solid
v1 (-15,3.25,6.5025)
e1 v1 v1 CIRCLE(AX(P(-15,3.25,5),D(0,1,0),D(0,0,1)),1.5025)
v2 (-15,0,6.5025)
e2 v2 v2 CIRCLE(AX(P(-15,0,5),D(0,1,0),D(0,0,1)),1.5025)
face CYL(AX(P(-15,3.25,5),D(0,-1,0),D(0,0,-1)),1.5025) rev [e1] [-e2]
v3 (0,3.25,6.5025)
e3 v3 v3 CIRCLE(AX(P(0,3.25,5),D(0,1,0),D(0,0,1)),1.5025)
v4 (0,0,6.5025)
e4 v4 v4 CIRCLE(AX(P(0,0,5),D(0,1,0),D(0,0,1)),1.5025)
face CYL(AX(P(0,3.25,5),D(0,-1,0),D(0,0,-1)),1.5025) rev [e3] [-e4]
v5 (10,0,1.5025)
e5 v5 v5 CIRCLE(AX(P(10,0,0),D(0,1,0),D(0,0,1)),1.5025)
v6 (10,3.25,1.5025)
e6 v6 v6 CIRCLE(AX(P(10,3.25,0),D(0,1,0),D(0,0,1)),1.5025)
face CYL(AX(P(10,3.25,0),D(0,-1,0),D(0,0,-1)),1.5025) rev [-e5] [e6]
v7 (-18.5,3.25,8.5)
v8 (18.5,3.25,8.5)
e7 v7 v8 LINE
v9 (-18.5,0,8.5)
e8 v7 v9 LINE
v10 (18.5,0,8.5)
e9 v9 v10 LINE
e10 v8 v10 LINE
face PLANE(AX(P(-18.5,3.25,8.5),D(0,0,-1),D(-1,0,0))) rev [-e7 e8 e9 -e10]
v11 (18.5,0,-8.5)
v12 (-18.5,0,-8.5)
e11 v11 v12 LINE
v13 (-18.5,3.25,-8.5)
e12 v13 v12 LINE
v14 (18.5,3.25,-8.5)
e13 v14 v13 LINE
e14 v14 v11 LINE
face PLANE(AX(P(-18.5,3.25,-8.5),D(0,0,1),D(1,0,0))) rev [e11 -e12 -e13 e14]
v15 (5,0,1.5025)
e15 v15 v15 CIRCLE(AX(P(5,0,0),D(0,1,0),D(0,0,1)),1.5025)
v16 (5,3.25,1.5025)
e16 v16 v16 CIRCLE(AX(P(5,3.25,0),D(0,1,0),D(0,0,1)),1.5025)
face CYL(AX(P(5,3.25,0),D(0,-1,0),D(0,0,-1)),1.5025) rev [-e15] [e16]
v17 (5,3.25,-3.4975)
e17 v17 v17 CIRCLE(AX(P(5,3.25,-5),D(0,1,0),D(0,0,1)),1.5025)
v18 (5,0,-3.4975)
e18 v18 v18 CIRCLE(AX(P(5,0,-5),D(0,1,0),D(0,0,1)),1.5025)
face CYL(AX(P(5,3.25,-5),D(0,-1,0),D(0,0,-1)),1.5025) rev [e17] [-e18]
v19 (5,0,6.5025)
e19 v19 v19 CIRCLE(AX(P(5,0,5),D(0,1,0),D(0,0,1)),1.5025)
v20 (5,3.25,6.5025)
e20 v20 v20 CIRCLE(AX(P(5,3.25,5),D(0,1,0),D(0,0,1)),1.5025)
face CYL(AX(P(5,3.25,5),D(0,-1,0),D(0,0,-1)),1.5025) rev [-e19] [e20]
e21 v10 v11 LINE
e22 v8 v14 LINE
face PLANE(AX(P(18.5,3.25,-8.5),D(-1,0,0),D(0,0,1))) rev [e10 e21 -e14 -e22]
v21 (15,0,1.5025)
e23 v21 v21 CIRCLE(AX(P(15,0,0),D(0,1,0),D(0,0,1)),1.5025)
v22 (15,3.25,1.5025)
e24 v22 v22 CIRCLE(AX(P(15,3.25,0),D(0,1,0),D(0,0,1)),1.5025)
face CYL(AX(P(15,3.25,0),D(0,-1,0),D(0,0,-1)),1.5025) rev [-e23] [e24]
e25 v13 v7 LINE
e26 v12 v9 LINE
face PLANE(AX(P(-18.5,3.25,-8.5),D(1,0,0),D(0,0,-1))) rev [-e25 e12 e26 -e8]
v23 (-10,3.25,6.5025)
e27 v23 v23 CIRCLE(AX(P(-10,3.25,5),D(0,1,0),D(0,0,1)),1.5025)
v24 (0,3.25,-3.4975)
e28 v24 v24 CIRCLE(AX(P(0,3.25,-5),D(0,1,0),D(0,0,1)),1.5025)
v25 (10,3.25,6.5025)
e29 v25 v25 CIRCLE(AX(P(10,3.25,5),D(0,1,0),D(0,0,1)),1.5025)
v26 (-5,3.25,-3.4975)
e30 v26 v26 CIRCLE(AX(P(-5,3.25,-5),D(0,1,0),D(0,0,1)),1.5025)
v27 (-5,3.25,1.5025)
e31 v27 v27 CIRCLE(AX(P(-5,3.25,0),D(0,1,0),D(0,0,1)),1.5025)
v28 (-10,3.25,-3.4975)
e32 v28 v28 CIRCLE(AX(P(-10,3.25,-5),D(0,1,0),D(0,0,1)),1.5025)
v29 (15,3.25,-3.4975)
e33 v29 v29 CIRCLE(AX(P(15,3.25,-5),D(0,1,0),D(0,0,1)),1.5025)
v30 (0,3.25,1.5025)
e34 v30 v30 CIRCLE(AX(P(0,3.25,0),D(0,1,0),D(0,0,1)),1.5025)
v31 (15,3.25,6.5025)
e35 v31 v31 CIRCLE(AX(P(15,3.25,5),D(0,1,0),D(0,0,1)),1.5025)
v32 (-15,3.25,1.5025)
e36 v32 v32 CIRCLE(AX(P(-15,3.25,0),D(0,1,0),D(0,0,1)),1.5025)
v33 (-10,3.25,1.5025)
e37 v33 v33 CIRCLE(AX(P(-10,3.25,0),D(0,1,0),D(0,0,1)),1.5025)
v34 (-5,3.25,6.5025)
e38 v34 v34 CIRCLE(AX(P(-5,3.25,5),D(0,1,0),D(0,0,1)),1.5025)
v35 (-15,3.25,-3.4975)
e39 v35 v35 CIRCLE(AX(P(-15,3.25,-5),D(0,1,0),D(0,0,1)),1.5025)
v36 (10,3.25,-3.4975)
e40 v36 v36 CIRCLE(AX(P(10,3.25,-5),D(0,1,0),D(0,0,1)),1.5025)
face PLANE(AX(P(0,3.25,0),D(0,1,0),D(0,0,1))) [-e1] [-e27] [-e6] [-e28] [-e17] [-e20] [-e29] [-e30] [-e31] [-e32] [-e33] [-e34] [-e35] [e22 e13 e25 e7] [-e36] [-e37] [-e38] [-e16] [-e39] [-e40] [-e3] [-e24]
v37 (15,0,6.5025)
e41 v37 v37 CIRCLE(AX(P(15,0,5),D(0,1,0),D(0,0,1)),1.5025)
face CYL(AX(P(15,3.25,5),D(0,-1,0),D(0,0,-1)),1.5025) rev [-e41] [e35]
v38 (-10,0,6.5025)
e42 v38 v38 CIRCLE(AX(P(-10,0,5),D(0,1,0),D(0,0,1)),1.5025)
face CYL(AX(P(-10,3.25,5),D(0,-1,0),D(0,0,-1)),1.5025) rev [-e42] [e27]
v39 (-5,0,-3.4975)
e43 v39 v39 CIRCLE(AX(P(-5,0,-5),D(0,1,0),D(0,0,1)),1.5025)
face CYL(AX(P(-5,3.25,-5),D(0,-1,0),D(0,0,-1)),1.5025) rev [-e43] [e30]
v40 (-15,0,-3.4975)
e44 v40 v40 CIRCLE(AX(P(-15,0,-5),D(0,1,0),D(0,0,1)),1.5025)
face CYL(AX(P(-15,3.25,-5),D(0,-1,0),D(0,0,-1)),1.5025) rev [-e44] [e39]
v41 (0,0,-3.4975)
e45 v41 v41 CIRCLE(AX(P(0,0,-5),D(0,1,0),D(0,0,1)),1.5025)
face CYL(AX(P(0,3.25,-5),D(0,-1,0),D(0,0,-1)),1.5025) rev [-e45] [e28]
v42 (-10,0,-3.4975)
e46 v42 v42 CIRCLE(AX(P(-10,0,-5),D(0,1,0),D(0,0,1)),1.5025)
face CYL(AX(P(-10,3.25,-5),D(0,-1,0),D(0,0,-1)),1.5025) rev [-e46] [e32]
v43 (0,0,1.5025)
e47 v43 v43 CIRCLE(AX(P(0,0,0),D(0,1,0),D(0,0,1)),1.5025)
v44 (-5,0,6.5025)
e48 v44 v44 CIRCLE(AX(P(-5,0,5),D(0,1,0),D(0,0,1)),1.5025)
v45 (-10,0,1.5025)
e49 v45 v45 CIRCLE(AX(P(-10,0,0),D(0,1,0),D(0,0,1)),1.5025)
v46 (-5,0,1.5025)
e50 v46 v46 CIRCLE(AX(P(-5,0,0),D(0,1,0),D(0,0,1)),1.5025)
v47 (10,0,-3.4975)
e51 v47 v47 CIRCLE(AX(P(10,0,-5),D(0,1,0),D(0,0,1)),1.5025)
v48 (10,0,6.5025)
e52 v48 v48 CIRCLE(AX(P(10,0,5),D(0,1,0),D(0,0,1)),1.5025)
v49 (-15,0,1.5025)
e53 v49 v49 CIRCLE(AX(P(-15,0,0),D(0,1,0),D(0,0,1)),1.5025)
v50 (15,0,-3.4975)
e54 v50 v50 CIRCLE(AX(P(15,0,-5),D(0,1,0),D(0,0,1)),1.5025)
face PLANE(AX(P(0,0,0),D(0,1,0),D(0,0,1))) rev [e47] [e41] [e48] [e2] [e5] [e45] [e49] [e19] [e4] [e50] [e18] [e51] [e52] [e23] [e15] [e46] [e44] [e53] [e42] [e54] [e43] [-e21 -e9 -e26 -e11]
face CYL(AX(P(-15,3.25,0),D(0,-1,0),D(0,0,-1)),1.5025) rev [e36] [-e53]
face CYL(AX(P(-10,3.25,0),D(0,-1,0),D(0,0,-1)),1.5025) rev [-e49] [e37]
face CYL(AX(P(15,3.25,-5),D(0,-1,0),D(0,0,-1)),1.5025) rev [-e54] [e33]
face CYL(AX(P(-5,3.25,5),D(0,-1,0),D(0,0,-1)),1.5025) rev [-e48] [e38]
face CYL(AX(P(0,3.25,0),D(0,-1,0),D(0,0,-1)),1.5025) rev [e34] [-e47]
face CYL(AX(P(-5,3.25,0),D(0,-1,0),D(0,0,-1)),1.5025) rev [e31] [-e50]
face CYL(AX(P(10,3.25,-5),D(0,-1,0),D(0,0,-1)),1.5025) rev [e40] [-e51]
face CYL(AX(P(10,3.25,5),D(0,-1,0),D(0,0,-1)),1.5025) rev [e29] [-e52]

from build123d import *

# Parameters (mm, degrees)
SKETCH1_W           = 37
SKETCH1_H           = 17
SKETCH1_R           = 1.5025
BOSS_EXTRUDE1_DEPTH = 3.25


with BuildPart() as part:
    # Sketch1 → Boss-Extrude1 (new body)
    with BuildSketch(Plane(origin=(0, 0, 0), x_dir=(1, 0, 0), z_dir=(0, 1, 0))):
        Rectangle(SKETCH1_W, SKETCH1_H)
        with Locations((-15, -5)):
            Circle(SKETCH1_R, mode=Mode.SUBTRACT)
        with Locations((-10, -5)):
            Circle(SKETCH1_R, mode=Mode.SUBTRACT)
        with Locations((-5, -5)):
            Circle(SKETCH1_R, mode=Mode.SUBTRACT)
        with Locations((0, -5)):
            Circle(SKETCH1_R, mode=Mode.SUBTRACT)
        with Locations((5, -5)):
            Circle(SKETCH1_R, mode=Mode.SUBTRACT)
        with Locations((10, -5)):
            Circle(SKETCH1_R, mode=Mode.SUBTRACT)
        with Locations((15, -5)):
            Circle(SKETCH1_R, mode=Mode.SUBTRACT)
        with Locations((-10, 0)):
            Circle(SKETCH1_R, mode=Mode.SUBTRACT)
        with Locations((-5, 0)):
            Circle(SKETCH1_R, mode=Mode.SUBTRACT)
        Circle(SKETCH1_R, mode=Mode.SUBTRACT)
        with Locations((5, 0)):
            Circle(SKETCH1_R, mode=Mode.SUBTRACT)
        with Locations((10, 0)):
            Circle(SKETCH1_R, mode=Mode.SUBTRACT)
        with Locations((15, 0)):
            Circle(SKETCH1_R, mode=Mode.SUBTRACT)
        with Locations((-10, 5)):
            Circle(SKETCH1_R, mode=Mode.SUBTRACT)
        with Locations((-5, 5)):
            Circle(SKETCH1_R, mode=Mode.SUBTRACT)
        with Locations((0, 5)):
            Circle(SKETCH1_R, mode=Mode.SUBTRACT)
        with Locations((5, 5)):
            Circle(SKETCH1_R, mode=Mode.SUBTRACT)
        with Locations((10, 5)):
            Circle(SKETCH1_R, mode=Mode.SUBTRACT)
        with Locations((15, 5)):
            Circle(SKETCH1_R, mode=Mode.SUBTRACT)
        with Locations((-15, 0)):
            Circle(SKETCH1_R, mode=Mode.SUBTRACT)
        with Locations((-15, 5)):
            Circle(SKETCH1_R, mode=Mode.SUBTRACT)
    extrude(amount=BOSS_EXTRUDE1_DEPTH)


solid = part.part
